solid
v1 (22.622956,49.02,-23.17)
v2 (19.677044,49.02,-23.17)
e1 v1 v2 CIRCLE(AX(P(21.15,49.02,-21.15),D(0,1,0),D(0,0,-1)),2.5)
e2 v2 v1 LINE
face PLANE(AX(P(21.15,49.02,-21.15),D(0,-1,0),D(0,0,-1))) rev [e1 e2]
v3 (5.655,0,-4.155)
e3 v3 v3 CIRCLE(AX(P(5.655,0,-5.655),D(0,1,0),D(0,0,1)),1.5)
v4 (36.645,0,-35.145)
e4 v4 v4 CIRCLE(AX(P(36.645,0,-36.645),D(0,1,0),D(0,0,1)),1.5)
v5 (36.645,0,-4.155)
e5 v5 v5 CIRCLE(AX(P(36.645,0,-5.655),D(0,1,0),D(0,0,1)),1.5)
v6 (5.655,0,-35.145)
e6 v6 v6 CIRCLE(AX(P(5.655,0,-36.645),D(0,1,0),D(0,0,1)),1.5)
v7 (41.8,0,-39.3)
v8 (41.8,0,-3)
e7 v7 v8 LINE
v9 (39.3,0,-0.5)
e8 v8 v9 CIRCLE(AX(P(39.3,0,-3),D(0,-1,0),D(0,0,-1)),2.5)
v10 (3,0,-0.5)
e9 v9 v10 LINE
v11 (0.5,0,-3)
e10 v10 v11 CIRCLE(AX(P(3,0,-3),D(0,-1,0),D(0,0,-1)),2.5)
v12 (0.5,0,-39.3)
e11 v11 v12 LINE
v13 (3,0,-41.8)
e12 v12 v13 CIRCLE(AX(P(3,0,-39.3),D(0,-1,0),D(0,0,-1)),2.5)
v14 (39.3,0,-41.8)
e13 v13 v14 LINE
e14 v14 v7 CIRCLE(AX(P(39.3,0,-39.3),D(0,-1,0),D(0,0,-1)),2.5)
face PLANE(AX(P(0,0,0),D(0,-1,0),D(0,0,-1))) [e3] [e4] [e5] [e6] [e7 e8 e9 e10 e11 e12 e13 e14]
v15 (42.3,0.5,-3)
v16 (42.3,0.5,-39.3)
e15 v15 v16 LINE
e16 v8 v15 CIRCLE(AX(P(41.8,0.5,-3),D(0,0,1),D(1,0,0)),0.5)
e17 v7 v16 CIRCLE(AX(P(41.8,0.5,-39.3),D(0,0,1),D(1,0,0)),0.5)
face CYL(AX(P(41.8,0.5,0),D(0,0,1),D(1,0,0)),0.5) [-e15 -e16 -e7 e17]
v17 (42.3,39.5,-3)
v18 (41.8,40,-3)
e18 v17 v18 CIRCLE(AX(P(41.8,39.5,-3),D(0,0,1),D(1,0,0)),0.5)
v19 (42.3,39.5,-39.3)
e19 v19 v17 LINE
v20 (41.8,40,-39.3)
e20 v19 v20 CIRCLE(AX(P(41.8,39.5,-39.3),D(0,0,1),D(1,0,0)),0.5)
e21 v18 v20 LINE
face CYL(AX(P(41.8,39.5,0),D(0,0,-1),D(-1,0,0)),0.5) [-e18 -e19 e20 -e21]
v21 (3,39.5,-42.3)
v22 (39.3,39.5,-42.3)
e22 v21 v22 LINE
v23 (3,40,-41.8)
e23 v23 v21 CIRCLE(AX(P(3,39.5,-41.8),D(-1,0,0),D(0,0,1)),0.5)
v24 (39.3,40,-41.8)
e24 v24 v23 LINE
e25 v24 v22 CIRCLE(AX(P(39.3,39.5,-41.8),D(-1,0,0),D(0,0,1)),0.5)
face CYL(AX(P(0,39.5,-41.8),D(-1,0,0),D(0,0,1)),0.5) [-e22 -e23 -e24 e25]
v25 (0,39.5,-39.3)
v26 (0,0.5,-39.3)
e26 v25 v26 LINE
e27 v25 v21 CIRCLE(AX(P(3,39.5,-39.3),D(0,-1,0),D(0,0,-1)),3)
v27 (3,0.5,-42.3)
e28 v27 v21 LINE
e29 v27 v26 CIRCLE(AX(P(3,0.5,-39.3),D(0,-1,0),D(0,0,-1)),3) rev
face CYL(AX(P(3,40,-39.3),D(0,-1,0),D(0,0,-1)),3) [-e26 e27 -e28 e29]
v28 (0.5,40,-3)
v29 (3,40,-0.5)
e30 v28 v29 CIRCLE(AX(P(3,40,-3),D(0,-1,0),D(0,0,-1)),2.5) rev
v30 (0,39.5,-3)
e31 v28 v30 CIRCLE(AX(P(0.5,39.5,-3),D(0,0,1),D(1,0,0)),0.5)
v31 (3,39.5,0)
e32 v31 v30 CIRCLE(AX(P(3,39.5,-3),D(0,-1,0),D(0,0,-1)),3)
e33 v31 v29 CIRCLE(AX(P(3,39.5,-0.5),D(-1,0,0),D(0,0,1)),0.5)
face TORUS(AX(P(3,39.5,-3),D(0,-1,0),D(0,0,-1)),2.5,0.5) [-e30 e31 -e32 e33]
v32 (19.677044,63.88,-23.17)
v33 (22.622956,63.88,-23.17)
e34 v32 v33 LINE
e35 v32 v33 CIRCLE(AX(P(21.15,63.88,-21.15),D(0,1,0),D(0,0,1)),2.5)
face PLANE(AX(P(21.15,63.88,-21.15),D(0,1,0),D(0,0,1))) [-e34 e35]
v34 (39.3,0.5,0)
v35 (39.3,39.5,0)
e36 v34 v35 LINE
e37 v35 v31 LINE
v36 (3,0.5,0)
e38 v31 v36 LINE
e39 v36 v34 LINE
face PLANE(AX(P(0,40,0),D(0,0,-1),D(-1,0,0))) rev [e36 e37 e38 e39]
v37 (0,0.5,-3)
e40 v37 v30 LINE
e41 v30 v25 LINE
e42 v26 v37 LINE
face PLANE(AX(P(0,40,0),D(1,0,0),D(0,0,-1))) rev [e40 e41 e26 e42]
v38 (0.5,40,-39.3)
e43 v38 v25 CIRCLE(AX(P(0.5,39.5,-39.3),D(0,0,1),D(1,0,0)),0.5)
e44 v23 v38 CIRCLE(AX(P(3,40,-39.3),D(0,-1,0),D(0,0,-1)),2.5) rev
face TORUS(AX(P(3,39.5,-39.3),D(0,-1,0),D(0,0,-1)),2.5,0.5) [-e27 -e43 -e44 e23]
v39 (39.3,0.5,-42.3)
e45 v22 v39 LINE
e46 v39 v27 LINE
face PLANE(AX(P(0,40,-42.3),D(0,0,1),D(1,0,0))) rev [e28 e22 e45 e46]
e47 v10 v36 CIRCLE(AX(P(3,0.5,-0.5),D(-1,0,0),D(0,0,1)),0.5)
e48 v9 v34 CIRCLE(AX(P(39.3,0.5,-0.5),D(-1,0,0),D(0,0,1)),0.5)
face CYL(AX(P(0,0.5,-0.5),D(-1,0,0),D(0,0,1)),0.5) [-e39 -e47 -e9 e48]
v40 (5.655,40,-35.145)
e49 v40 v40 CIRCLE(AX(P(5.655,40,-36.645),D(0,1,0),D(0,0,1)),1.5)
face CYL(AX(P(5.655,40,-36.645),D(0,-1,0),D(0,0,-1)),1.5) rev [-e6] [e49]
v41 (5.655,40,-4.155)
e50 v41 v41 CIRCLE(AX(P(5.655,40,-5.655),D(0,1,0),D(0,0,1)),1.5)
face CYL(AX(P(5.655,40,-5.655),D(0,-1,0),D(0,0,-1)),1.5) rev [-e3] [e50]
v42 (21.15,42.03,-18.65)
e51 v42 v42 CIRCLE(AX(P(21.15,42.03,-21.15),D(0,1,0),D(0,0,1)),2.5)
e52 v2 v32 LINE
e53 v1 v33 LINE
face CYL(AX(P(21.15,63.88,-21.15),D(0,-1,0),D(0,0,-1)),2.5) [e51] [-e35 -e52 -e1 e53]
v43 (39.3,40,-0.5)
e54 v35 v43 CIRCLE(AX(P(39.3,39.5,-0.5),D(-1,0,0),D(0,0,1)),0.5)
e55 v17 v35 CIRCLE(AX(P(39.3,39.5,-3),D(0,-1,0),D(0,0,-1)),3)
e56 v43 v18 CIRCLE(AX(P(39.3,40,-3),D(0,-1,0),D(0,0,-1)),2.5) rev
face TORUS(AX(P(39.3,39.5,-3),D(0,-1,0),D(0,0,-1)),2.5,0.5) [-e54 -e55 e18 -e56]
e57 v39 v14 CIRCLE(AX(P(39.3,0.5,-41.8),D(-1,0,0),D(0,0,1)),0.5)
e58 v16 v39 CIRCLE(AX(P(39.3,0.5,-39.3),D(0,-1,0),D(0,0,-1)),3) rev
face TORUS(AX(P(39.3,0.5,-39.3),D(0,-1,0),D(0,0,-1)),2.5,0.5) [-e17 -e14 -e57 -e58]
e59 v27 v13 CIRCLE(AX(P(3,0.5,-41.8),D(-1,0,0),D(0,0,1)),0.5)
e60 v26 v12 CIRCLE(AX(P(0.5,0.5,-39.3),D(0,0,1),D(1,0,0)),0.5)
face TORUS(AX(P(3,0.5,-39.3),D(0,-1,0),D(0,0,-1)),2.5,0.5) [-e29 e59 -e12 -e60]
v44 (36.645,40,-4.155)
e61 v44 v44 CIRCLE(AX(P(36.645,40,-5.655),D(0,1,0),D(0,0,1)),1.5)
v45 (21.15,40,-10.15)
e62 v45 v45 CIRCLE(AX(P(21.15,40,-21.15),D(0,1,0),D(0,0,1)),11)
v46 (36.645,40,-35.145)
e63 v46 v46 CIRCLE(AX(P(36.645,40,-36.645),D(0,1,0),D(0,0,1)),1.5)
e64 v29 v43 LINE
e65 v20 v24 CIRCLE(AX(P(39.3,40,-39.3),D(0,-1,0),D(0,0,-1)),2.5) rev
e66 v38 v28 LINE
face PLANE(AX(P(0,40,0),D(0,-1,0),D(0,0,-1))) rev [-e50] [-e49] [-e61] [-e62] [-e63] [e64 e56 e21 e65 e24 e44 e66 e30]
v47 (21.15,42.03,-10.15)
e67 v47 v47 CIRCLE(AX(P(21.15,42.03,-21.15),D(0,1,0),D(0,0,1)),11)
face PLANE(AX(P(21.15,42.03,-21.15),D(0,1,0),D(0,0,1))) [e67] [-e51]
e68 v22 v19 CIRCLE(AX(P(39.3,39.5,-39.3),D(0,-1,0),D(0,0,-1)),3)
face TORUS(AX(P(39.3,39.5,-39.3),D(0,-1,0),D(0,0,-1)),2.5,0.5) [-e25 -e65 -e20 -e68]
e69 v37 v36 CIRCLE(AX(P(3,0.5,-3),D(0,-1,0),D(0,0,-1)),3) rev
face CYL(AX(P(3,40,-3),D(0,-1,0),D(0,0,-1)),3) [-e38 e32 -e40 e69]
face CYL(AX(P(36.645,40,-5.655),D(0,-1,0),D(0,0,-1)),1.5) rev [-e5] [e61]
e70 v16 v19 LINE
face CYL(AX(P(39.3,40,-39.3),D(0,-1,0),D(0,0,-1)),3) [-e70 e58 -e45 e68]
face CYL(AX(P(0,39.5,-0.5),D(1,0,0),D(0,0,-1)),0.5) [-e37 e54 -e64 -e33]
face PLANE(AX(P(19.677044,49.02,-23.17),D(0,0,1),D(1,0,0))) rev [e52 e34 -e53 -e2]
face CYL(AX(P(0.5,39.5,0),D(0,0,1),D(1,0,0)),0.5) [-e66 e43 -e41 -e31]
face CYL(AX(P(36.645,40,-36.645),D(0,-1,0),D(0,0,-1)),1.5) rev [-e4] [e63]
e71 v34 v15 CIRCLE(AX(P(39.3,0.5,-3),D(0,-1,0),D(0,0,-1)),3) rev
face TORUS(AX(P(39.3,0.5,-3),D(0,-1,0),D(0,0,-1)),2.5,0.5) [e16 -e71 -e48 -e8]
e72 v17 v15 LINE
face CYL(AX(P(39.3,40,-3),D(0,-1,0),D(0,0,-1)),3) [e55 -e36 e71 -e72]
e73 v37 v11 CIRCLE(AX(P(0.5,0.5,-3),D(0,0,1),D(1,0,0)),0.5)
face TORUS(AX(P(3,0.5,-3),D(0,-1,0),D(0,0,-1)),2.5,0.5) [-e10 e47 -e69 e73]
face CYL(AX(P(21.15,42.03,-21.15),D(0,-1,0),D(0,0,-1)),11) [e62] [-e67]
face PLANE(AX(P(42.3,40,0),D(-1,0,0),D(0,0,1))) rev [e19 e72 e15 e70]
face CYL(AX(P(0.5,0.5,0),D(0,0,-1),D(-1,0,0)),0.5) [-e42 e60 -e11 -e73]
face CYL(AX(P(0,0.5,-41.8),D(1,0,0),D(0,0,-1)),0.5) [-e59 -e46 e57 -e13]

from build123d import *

# Parameters (mm, degrees)
SKETCH2_W           = 42.3
SKETCH2_H           = 42.3
SKETCH2_R           = 1.5
BOSS_EXTRUDE1_DEPTH = 40
SKETCH3_R           = 11
BOSS_EXTRUDE2_DEPTH = 2.03
SKETCH4_R           = 2.5
BOSS_EXTRUDE3_DEPTH = 21.85
CUT_EXTRUDE1_START  = -14.86
CUT_EXTRUDE1_DEPTH  = 14.86
FILLET1_R           = 3
FILLET2_R           = 0.5


with BuildPart() as part:
    # Sketch2 → Boss-Extrude1 (new body)
    with BuildSketch(Plane(origin=(0, 0, 0), x_dir=(1, 0, 0), z_dir=(0, 1, 0))):
        with Locations((21.15, 21.15)):
            Rectangle(SKETCH2_W, SKETCH2_H)
        with Locations(Location((5.655, 36.645, 0), (0, 0, 270))):
            Circle(SKETCH2_R, mode=Mode.SUBTRACT)
        with Locations(Location((36.645, 36.645, 0), (0, 0, 270))):
            Circle(SKETCH2_R, mode=Mode.SUBTRACT)
        with Locations(Location((36.645, 5.655, 0), (0, 0, 270))):
            Circle(SKETCH2_R, mode=Mode.SUBTRACT)
        with Locations(Location((5.655, 5.655, 0), (0, 0, 270))):
            Circle(SKETCH2_R, mode=Mode.SUBTRACT)
    extrude(amount=BOSS_EXTRUDE1_DEPTH)

    # Sketch3 → Boss-Extrude2 (add)
    with BuildSketch(Plane(origin=(0, 40, 0), x_dir=(1, 0, 0), z_dir=(0, 1, 0))):
        with Locations(Location((21.15, 21.15, 0), (0, 0, 270))):
            Circle(SKETCH3_R)
    extrude(amount=BOSS_EXTRUDE2_DEPTH)

    # Sketch4 → Boss-Extrude3 (add)
    with BuildSketch(Plane(origin=(0, 42.03, 0), x_dir=(1, 0, 0), z_dir=(0, 1, 0))):
        with Locations(Location((21.15, 21.15, 0), (0, 0, 270))):
            Circle(SKETCH4_R)
    extrude(amount=BOSS_EXTRUDE3_DEPTH)

    # Sketch5 → Cut-Extrude1 (cut)
    with BuildSketch(Plane(origin=(0, 63.88, 0), x_dir=(1, 0, 0), z_dir=(0, 1, 0)).offset(CUT_EXTRUDE1_START)):
        with BuildLine():
            Line((19.677043789, 23.17), (22.622956211, 23.17))
            ThreePointArc((22.622956211, 23.17), (21.15, 23.65), (19.677043789, 23.17))
        make_face()
    extrude(amount=CUT_EXTRUDE1_DEPTH, mode=Mode.SUBTRACT)

    # Fillet1
    fillet1_edges = [part.edges().sort_by_distance(p)[0] for p in [
        (0, 20, -42.3),
        (42.3, 20, -42.3),
        (42.3, 20, 0),
        (0, 20, 0),
    ]]
    fillet(fillet1_edges, radius=FILLET1_R)

    # Fillet2
    fillet2_edges = [part.edges().sort_by_distance(p)[0] for p in [
        (0, 0, -21.15),
        (0, 40, -21.15),
        (21.15, 0, -42.3),
        (42.3, 0, -21.15),
        (21.15, 0, 0),
        (0.878679656, 0, -0.878679656),
        (41.421320344, 0, -0.878679656),
        (41.421320344, 0, -41.421320344),
        (0.878679656, 0, -41.421320344),
        (21.15, 40, -42.3),
        (21.15, 40, 0),
        (42.3, 40, -21.15),
        (0.878679656, 40, -0.878679656),
        (41.421320344, 40, -0.878679656),
        (41.421320344, 40, -41.421320344),
        (0.878679656, 40, -41.421320344),
    ]]
    fillet(fillet2_edges, radius=FILLET2_R)


solid = part.part
